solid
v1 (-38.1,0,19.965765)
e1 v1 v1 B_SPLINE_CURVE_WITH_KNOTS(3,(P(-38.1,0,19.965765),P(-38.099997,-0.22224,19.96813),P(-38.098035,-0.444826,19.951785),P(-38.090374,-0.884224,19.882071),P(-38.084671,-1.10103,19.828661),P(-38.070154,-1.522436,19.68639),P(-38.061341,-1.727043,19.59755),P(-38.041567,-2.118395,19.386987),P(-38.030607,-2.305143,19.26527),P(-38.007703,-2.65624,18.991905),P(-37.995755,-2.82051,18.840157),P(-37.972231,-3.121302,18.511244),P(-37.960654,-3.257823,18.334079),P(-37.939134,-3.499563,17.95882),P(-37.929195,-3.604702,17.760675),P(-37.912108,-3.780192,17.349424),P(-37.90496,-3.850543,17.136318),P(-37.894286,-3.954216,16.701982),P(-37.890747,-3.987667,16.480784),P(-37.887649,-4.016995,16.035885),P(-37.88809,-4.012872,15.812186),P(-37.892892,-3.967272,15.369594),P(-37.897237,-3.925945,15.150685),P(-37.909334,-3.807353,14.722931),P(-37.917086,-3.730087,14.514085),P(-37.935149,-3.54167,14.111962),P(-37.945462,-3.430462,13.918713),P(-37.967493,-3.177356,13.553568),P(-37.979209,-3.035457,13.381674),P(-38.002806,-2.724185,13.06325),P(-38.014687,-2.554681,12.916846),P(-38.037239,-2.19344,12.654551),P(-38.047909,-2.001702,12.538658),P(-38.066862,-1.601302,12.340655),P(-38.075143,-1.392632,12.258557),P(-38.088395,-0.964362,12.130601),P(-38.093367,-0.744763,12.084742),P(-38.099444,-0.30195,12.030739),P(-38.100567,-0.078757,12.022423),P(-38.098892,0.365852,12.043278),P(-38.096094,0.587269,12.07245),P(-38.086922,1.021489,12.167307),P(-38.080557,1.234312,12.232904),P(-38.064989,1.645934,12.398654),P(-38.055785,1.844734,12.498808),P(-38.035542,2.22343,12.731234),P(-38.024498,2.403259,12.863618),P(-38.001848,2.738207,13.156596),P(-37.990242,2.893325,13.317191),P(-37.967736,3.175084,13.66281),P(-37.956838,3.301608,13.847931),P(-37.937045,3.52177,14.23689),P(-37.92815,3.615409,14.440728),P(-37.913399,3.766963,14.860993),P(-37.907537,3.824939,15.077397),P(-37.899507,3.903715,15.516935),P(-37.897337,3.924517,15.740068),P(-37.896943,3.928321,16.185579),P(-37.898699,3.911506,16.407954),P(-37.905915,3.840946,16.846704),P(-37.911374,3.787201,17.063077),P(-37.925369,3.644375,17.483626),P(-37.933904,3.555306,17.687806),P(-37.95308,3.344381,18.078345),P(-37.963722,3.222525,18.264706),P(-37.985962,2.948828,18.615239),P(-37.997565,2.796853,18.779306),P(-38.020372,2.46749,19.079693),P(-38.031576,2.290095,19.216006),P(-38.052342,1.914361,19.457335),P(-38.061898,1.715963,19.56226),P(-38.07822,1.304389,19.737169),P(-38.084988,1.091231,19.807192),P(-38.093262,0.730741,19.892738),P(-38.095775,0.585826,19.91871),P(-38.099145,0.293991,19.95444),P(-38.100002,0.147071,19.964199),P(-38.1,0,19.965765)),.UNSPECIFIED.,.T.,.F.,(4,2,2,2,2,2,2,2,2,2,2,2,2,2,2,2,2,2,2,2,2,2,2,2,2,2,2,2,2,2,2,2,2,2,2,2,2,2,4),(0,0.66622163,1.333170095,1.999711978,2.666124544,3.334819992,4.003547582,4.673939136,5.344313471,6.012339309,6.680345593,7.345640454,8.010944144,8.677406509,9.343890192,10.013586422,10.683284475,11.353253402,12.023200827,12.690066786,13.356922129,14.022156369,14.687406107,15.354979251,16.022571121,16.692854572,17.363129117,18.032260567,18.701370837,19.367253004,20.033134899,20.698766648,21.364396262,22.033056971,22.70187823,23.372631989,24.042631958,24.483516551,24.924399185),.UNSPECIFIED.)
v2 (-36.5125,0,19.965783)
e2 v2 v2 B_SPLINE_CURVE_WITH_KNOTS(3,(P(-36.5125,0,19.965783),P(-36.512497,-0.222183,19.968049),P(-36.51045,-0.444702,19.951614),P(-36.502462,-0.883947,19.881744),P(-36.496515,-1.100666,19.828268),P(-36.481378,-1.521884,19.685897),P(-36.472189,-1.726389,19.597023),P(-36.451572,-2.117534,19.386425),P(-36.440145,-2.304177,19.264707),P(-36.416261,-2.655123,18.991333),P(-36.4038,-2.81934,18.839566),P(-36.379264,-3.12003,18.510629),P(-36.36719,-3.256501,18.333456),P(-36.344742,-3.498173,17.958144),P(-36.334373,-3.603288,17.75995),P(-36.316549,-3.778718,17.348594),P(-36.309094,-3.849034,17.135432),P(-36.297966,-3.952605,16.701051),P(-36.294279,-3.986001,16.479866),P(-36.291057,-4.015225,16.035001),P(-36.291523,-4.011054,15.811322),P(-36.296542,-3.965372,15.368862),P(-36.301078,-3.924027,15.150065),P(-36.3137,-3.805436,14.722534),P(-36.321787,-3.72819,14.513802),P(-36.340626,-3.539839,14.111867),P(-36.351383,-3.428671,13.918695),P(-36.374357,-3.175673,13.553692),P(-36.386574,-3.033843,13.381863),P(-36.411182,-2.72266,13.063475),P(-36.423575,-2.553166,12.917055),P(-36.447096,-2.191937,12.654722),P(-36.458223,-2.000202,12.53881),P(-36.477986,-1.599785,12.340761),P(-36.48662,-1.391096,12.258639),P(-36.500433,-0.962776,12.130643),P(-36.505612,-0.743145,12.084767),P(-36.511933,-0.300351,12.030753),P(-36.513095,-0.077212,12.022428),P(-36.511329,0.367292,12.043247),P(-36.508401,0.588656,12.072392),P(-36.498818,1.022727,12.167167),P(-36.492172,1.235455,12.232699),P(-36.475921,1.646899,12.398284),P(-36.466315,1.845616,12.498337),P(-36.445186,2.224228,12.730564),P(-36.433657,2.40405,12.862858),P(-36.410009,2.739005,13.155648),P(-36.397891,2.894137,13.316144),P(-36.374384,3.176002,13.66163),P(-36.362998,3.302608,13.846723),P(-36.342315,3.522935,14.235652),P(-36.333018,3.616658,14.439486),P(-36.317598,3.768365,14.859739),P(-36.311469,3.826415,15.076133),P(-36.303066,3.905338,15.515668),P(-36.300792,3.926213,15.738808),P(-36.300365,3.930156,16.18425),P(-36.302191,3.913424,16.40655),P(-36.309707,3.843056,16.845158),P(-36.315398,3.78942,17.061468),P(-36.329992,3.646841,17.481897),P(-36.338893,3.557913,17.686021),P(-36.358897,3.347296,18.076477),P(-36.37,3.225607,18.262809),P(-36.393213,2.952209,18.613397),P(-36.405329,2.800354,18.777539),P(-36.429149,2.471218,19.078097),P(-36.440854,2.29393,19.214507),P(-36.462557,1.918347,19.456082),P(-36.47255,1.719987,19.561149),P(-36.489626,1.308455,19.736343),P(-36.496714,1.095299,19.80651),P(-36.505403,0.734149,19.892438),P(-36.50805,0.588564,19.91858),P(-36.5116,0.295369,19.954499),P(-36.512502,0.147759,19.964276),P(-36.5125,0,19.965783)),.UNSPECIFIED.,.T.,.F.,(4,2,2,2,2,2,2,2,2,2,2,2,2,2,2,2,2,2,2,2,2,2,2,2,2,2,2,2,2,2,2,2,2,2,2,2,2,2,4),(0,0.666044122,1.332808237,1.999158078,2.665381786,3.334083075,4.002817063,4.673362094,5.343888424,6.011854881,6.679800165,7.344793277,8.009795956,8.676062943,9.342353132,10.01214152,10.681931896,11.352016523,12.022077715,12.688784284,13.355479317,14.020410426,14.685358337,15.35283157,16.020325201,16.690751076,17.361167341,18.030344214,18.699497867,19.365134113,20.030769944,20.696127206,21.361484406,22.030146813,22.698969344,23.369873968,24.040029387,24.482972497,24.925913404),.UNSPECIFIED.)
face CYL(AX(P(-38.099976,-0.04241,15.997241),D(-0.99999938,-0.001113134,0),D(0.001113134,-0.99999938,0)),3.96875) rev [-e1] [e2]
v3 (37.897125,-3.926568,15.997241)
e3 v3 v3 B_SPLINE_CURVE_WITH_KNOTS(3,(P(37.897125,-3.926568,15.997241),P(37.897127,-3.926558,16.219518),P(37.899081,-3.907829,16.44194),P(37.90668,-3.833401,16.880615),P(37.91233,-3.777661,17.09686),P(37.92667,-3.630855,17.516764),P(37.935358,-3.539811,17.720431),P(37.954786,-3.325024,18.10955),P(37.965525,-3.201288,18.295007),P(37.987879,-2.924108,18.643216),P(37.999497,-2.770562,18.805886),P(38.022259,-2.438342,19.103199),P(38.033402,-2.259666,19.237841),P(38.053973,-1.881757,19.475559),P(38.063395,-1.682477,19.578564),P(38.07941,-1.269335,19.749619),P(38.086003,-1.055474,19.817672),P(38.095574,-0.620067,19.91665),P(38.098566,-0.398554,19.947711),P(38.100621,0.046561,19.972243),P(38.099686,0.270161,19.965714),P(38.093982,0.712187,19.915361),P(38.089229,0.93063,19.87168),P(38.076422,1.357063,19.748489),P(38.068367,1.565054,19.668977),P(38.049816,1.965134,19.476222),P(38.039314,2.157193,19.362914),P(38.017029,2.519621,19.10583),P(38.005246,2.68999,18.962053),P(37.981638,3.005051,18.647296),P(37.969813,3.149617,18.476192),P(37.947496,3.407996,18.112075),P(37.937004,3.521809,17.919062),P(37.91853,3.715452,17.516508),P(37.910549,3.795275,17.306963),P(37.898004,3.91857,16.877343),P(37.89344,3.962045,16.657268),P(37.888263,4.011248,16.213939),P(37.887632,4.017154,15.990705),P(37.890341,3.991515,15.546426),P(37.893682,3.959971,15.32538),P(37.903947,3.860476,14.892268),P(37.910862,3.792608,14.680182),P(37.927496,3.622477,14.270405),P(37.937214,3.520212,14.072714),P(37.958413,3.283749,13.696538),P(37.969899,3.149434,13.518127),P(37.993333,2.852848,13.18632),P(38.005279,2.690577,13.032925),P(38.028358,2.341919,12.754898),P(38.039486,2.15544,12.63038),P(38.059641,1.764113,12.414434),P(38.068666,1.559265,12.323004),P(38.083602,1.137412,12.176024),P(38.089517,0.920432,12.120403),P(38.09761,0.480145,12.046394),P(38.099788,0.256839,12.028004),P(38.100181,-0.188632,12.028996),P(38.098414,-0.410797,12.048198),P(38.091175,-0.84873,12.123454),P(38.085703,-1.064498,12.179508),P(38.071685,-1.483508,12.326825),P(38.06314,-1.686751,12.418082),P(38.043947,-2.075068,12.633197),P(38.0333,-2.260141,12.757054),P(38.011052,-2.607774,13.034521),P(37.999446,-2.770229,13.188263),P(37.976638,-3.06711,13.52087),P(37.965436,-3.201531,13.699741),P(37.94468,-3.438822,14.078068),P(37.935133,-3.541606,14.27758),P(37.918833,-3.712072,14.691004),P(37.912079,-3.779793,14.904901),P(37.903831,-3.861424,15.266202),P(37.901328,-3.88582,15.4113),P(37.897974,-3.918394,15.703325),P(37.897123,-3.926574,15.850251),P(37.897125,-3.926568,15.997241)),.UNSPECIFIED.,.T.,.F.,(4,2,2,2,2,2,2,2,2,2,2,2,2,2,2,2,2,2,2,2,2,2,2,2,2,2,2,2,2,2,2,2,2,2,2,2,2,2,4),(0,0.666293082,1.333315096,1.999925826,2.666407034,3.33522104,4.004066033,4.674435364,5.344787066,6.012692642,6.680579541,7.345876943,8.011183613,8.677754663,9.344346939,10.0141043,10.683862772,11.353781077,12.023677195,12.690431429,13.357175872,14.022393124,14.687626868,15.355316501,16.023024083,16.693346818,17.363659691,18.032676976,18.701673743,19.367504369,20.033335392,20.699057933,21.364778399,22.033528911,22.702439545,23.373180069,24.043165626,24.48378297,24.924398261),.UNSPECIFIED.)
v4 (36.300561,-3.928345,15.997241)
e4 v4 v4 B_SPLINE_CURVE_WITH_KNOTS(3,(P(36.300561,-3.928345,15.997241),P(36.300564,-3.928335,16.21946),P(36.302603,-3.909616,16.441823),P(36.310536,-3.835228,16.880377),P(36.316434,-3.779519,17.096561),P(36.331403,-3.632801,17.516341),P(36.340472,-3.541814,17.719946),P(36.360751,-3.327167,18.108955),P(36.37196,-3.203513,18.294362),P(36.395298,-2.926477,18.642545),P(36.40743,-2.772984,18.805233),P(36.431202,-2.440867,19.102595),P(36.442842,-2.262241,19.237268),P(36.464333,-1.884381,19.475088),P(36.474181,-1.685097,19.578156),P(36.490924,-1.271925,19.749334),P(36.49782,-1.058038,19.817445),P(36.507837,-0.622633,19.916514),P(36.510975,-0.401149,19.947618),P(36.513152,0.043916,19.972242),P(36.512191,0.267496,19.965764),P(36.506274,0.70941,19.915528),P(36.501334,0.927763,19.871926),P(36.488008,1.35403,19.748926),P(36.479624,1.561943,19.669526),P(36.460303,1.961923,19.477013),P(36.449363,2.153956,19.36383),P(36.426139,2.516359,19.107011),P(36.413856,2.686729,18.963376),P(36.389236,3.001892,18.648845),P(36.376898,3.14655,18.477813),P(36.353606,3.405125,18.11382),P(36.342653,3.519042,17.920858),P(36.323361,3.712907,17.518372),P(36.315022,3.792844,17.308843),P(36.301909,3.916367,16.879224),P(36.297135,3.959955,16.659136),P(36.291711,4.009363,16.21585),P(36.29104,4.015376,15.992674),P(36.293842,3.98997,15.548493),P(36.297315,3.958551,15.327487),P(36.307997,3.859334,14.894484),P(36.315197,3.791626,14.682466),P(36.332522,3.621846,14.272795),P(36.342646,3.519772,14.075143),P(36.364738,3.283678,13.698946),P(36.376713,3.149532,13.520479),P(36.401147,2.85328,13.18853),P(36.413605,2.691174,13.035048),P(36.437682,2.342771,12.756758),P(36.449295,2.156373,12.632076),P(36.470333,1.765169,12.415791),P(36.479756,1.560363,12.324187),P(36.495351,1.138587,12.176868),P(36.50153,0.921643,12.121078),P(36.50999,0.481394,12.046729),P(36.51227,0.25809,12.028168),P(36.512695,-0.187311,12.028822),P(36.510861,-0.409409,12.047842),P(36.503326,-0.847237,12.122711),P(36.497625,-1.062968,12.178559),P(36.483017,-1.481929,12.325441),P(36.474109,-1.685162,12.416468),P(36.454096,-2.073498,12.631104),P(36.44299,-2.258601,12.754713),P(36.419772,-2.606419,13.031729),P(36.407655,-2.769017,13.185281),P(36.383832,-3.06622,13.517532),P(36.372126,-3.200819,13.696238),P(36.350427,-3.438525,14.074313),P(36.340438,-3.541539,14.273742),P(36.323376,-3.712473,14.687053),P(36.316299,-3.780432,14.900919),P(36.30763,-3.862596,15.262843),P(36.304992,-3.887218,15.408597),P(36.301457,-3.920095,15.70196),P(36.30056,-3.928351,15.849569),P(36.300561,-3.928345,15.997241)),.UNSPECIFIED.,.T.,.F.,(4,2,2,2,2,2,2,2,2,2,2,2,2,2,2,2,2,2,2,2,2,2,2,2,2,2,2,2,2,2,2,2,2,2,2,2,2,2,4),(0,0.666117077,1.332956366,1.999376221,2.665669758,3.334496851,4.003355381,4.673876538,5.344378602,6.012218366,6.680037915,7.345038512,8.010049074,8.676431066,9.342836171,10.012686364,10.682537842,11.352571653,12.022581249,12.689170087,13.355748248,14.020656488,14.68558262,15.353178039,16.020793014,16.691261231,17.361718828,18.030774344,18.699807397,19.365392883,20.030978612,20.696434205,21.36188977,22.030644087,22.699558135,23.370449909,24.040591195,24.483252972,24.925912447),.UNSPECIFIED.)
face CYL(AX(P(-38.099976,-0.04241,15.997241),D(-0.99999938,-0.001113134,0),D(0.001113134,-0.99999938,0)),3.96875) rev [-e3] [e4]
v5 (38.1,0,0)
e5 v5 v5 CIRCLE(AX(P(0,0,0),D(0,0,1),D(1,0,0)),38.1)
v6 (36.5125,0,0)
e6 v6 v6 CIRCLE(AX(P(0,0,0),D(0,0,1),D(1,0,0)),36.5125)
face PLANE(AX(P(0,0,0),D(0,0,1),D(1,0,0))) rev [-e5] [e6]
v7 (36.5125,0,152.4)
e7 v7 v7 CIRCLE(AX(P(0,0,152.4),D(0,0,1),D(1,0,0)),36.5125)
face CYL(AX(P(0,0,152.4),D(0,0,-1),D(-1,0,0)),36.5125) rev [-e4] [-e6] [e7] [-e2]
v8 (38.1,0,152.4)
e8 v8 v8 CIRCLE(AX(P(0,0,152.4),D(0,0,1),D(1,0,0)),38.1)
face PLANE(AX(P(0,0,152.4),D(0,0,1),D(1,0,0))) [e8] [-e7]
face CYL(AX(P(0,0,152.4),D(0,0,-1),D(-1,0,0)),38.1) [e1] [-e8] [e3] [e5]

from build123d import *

# Parameters (mm, degrees)
SKETCH3_R                      = 38.1
SKETCH3_R_2                    = 36.5125
BOSS_EXTRUDE1_DEPTH            = 152.4
F_5_16_0_3125_DIAMETER_HOLE1_D = 7.9375


with BuildPart() as part:
    # Sketch3 → Boss-Extrude1 (new body)
    with BuildSketch(Plane.XY):
        with Locations(Location((0, 0, 0), (0, 0, 180))):
            Circle(SKETCH3_R)
        with Locations(Location((0, 0, 0), (0, 0, 180))):
            Circle(SKETCH3_R_2, mode=Mode.SUBTRACT)
    extrude(amount=BOSS_EXTRUDE1_DEPTH)

    # 5/16 (0.3125) Diameter Hole1 (through all)
    with Locations(Plane(origin=(-38.099976396, -0.042410423, 15.997241371), x_dir=(0.00111313445, -0.999999380466, 0), z_dir=(-0.999999380466, -0.00111313445, 0))):
        with Locations((0, 0)):
            Hole(F_5_16_0_3125_DIAMETER_HOLE1_D / 2)


solid = part.part
